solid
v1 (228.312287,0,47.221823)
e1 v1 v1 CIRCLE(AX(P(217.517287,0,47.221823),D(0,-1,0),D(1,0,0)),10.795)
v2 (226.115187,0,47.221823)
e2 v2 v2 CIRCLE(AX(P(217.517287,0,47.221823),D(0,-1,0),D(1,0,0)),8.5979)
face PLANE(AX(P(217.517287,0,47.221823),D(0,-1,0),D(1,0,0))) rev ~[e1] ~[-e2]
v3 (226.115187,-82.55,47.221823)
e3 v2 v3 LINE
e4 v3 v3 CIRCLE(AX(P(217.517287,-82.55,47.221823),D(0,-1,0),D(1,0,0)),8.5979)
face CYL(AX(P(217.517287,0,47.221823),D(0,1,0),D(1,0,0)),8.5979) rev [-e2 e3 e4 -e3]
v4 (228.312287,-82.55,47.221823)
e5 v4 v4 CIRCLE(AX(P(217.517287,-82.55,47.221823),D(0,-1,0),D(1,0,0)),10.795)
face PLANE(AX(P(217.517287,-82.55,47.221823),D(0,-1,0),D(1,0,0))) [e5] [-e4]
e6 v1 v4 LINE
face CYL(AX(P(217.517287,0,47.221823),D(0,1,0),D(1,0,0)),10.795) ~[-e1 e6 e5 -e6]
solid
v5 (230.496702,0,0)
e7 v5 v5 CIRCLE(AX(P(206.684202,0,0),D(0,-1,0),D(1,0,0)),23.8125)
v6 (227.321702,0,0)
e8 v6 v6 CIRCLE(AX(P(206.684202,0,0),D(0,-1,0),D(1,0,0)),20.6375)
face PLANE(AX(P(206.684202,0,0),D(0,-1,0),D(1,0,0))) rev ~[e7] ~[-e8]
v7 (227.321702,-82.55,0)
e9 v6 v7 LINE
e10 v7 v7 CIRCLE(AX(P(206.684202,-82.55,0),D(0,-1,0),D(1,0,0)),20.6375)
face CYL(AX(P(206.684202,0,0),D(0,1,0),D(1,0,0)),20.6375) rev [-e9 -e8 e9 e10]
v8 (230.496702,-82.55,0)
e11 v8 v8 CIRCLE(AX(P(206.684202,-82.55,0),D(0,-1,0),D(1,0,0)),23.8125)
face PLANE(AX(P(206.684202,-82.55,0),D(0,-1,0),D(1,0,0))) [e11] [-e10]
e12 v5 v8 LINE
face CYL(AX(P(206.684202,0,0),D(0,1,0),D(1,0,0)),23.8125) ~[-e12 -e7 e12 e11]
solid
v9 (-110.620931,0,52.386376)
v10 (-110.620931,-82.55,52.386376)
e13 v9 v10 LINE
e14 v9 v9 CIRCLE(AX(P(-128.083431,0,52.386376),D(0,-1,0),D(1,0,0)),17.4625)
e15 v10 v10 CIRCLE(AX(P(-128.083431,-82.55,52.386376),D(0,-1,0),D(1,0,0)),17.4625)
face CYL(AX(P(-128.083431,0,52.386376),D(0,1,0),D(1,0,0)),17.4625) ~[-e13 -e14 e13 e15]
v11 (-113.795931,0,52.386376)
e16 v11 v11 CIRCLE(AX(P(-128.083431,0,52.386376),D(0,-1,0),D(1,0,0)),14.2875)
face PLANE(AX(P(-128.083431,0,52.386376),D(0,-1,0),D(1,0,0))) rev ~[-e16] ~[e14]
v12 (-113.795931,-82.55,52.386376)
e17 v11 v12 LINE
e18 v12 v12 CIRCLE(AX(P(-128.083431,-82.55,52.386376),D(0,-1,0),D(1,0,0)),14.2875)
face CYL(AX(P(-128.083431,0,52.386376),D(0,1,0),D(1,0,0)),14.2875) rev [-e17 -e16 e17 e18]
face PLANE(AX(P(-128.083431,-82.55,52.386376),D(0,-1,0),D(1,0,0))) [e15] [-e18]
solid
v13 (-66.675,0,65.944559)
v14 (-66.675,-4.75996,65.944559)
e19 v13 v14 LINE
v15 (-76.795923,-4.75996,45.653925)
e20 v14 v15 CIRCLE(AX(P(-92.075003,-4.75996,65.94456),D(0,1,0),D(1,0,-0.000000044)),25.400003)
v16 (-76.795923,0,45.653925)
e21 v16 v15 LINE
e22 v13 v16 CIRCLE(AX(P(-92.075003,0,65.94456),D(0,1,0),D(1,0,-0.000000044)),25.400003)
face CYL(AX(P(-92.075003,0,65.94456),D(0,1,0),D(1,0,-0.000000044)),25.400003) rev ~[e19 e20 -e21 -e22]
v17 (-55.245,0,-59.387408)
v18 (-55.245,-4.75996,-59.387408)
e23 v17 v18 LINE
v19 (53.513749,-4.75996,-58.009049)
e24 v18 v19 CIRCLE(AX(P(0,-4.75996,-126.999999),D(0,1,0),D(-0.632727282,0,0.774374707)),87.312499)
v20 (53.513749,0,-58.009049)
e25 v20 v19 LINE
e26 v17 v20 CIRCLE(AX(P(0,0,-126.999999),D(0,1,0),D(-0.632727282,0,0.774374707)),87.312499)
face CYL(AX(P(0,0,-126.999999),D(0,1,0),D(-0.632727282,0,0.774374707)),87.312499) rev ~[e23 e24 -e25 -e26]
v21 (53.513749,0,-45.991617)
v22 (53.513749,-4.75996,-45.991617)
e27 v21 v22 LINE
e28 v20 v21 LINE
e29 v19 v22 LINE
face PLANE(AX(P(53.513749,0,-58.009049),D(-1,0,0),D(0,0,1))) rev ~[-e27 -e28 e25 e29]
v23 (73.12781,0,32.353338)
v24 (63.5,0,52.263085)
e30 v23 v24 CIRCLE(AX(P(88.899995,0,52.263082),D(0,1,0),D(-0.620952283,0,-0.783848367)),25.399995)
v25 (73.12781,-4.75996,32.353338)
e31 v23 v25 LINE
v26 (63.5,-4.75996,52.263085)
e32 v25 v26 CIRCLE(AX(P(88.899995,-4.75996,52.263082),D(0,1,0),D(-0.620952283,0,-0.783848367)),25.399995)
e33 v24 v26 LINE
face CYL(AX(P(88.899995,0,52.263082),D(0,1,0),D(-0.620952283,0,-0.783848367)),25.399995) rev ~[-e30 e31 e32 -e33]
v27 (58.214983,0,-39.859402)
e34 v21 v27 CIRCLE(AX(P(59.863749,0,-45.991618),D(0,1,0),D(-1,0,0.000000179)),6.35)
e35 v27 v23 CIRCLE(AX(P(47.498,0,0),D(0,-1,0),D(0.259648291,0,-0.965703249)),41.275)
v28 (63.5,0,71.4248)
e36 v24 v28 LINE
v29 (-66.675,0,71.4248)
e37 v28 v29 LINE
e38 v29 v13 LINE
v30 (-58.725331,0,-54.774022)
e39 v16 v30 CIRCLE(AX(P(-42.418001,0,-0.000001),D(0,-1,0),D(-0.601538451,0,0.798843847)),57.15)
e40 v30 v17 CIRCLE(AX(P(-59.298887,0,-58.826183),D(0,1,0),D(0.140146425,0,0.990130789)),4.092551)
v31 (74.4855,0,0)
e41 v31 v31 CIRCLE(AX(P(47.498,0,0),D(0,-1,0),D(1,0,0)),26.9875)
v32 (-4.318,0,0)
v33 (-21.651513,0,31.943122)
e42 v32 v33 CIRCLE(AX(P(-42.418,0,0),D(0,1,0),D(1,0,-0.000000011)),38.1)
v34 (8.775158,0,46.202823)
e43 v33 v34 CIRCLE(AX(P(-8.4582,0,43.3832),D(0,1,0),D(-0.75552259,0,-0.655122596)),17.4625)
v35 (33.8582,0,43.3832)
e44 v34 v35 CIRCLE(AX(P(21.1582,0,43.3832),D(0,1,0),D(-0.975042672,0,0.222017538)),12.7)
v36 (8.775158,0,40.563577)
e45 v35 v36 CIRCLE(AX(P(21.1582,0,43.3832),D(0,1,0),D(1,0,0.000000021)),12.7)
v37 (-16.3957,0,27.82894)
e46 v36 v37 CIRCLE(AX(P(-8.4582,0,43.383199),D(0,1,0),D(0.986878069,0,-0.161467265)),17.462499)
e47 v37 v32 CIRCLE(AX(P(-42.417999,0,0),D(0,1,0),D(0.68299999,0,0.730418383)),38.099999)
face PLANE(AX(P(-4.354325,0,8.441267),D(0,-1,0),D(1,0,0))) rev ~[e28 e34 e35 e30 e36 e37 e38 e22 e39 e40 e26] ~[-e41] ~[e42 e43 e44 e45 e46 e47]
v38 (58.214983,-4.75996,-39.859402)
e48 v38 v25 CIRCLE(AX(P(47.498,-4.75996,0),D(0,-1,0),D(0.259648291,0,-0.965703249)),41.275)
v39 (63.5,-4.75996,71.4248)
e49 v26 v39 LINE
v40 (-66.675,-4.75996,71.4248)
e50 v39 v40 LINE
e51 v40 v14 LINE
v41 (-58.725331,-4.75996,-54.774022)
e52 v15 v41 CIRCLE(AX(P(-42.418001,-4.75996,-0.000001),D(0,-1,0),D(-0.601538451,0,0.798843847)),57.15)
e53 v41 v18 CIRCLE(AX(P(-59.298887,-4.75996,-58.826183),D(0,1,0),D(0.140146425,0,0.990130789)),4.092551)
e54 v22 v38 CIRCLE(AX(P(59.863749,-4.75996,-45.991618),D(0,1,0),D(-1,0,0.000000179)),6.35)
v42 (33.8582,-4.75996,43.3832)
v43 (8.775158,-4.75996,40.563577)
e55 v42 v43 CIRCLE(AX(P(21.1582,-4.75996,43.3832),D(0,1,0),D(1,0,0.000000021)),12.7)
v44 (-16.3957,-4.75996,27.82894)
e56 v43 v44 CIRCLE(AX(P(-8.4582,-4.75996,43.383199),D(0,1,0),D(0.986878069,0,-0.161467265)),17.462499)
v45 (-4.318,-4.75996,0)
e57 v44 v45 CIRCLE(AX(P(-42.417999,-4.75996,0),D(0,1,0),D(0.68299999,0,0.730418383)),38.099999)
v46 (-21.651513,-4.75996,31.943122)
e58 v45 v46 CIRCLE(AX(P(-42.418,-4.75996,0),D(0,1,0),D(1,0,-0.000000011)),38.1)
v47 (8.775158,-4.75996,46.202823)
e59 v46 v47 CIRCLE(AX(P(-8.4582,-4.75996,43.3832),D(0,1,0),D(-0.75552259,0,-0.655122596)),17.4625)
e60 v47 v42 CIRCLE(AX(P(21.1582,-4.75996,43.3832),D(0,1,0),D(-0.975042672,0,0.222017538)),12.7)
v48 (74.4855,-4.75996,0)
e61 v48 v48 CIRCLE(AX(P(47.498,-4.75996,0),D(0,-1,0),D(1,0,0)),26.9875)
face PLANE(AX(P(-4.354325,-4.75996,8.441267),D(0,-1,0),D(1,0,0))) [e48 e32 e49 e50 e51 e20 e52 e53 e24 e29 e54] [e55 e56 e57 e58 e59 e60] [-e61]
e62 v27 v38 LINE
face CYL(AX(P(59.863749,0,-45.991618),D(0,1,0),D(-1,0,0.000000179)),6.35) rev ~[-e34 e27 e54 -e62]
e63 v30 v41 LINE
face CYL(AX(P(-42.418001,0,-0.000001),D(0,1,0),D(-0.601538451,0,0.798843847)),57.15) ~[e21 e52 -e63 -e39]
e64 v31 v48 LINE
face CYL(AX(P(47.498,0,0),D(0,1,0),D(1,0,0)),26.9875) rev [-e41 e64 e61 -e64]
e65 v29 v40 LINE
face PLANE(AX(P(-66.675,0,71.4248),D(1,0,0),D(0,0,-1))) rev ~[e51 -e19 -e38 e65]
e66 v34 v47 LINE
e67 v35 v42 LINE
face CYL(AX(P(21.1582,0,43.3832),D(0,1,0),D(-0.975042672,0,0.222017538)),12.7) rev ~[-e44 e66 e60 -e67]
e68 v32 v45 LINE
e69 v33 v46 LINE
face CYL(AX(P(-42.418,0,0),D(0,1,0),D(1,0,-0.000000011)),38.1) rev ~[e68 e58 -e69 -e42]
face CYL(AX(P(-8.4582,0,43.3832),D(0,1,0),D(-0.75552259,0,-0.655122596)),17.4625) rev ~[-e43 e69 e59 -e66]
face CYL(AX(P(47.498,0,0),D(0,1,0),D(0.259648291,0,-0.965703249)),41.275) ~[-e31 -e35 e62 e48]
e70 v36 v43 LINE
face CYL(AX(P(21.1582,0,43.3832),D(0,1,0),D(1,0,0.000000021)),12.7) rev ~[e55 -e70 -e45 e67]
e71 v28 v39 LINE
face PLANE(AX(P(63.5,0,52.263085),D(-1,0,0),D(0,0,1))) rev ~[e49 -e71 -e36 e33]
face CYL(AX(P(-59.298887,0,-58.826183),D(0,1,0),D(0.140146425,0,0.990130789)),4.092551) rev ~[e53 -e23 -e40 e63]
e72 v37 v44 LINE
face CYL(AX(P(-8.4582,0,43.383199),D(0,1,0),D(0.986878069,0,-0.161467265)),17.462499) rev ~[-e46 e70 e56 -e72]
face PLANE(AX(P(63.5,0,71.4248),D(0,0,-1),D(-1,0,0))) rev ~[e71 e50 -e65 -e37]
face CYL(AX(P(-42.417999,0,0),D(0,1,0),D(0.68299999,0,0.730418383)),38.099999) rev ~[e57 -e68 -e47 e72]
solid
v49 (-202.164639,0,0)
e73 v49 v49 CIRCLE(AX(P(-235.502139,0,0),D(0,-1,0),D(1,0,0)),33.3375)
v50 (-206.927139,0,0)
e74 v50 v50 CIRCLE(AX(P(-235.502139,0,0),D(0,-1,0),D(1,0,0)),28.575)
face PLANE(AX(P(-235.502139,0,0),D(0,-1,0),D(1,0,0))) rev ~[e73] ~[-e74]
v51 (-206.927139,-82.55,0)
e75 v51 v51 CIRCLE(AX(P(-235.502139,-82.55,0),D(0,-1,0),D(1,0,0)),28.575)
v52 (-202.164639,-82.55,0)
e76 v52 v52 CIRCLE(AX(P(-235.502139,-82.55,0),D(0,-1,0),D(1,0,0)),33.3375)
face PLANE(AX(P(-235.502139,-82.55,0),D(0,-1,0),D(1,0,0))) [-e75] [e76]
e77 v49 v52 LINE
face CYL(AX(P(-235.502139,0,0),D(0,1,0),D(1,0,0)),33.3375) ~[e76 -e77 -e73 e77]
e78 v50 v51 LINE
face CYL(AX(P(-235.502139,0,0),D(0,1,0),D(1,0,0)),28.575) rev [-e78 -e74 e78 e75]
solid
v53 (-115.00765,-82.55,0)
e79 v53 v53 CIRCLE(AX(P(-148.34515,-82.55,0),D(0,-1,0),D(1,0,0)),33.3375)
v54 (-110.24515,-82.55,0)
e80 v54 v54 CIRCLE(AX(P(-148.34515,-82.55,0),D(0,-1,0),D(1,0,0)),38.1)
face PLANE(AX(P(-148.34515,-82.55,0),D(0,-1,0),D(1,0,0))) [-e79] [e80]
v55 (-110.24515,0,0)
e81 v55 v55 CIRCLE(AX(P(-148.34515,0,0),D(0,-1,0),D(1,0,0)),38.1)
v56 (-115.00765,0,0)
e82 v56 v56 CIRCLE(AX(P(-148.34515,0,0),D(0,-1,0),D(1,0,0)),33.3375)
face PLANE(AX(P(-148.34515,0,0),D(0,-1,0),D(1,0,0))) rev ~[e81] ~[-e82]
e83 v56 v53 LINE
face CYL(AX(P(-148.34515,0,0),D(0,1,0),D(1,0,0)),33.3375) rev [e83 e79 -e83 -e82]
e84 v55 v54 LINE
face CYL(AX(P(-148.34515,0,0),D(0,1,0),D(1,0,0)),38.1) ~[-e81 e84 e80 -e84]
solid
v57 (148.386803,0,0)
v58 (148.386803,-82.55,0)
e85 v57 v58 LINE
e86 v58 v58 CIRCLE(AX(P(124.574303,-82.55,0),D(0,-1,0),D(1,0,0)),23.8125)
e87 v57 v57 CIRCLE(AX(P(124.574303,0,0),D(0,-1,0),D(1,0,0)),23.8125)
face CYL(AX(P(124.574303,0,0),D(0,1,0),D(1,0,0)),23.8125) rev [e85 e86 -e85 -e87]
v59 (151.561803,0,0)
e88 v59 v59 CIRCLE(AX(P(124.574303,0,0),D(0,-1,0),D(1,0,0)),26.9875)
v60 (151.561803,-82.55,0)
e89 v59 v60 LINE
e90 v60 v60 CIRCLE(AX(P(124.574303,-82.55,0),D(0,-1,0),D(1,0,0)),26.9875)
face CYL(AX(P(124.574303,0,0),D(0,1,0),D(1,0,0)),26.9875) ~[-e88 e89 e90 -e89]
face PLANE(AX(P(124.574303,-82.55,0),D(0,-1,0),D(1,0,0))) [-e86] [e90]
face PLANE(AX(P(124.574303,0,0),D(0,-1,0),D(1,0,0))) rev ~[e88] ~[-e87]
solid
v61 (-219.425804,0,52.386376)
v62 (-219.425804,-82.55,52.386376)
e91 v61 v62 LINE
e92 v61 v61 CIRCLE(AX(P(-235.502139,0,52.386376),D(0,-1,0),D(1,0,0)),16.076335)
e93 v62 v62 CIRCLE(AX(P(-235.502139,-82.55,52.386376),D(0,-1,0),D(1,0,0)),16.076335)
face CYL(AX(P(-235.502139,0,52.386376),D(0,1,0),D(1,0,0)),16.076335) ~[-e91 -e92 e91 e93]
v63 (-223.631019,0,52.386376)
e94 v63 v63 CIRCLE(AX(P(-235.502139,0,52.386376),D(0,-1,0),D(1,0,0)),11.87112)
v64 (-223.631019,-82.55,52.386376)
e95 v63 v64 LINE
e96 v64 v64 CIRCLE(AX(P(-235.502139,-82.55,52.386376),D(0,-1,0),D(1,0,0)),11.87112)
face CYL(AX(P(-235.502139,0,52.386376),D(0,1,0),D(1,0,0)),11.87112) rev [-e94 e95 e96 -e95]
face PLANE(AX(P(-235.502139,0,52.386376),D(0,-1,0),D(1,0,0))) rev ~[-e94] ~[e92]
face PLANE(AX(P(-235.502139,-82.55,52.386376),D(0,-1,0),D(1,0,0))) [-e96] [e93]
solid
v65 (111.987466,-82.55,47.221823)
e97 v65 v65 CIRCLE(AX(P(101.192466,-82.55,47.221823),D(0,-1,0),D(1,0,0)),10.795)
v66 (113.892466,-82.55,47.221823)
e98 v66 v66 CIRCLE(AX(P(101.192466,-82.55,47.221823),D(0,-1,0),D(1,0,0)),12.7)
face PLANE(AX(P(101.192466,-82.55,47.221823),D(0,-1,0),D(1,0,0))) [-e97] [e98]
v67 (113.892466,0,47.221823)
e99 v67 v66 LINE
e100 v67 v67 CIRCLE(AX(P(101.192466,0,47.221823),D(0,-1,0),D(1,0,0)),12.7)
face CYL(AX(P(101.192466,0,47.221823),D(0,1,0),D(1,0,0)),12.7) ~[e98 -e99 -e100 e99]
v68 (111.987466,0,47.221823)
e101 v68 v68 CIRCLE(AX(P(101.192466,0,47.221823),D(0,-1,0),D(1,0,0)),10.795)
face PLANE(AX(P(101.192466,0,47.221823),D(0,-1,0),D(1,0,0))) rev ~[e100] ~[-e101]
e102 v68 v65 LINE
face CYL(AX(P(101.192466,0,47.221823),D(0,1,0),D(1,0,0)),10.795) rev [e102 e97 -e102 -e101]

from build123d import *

# Parameters (mm, degrees)
F0_R     = 26.9875
F1_DEPTH = 4.75996
F2_R     = 16.076335
F2_R_2   = 11.87112
F2_R_3   = 33.3375
F2_R_4   = 28.575
F2_R_5   = 38.1
F2_R_6   = 17.4625
F2_R_7   = 14.2875
F2_R_8   = 12.7
F2_R_9   = 10.795
F2_R_10  = 26.9875
F2_R_11  = 23.8125
F2_R_12  = 20.6375
F2_R_13  = 8.5979
F3_DEPTH = 82.55


with BuildPart() as f1:
    # F0 (on Front) → F1 (new body)
    with BuildSketch(Plane.XZ):
        with BuildLine():
            ThreePointArc((-66.675, 65.944559), (-69.34563, 54.607199), (-76.795923, 45.653925))
            ThreePointArc((-76.795923, 45.653925), (-98.664706, -10.120801), (-58.725331, -54.774022))
            ThreePointArc((-58.725331, -54.774022), (-56.031757, -56.361465), (-55.245, -59.387408))
            ThreePointArc((-55.245, -59.387408), (-1.10647, -39.694511), (53.513749, -58.009049))
            Line((53.513749, -58.009049), (53.513749, -54.965318))
            Line((53.513749, -54.965318), (53.513749, -45.991617))
            ThreePointArc((53.513749, -45.991617), (54.824297, -42.128145), (58.214983, -39.859402))
            ThreePointArc((58.214983, -39.859402), (87.920052, -8.347655), (73.12781, 32.353338))
            ThreePointArc((73.12781, 32.353338), (66.033281, 41.205364), (63.5, 52.263085))
            Line((63.5, 52.263085), (63.5, 71.4248))
            Line((63.5, 71.4248), (63.030586, 71.4248))
            Line((63.030586, 71.4248), (-66.675, 71.4248))
            Line((-66.675, 71.4248), (-66.675, 65.944559))
        make_face()
        with Locations((47.498, 0)):
            Circle(F0_R, mode=Mode.SUBTRACT)
        with BuildLine():
            ThreePointArc((-16.3957, 27.82894), (-7.467609, 15.168394), (-4.318, 0))
            ThreePointArc((-4.318, 0), (-75.905409, -18.1715), (-21.651513, 31.943122))
            ThreePointArc((-21.651513, 31.943122), (-15.868683, 59.195336), (8.775158, 46.202823))
            ThreePointArc((8.775158, 46.202823), (22.576891, 56.003712), (33.8582, 43.3832))
            ThreePointArc((33.8582, 43.3832), (22.576891, 30.762688), (8.775158, 40.563577))
            ThreePointArc((8.775158, 40.563577), (-0.574927, 27.801386), (-16.3957, 27.82894))
        make_face(mode=Mode.SUBTRACT)
    extrude(amount=F1_DEPTH)


with BuildPart() as f3:
    # F2 (on Front) → F3 (new body)
    with BuildSketch(Plane.XZ):
        with Locations((-235.502139, 52.386376)):
            Circle(F2_R)
        with Locations((-235.502139, 52.386376)):
            Circle(F2_R_2, mode=Mode.SUBTRACT)
        with Locations((-235.502139, 0)):
            Circle(F2_R_3)
        with Locations((-235.502139, 0)):
            Circle(F2_R_4, mode=Mode.SUBTRACT)
        with Locations((-148.34515, 0)):
            Circle(F2_R_5)
        with Locations((-148.34515, 0)):
            Circle(F2_R_3, mode=Mode.SUBTRACT)
        with Locations((-128.083431, 52.386376)):
            Circle(F2_R_6)
        with Locations((-128.083431, 52.386376)):
            Circle(F2_R_7, mode=Mode.SUBTRACT)
        with Locations((101.192466, 47.221823)):
            Circle(F2_R_8)
        with Locations((101.192466, 47.221823)):
            Circle(F2_R_9, mode=Mode.SUBTRACT)
        with Locations((124.574303, 0)):
            Circle(F2_R_10)
        with Locations((124.574303, 0)):
            Circle(F2_R_11, mode=Mode.SUBTRACT)
        with Locations((206.684202, 0)):
            Circle(F2_R_11)
        with Locations((206.684202, 0)):
            Circle(F2_R_12, mode=Mode.SUBTRACT)
        with Locations((217.517287, 47.221823)):
            Circle(F2_R_9)
        with Locations((217.517287, 47.221823)):
            Circle(F2_R_13, mode=Mode.SUBTRACT)
    extrude(amount=F3_DEPTH)


solid = Compound([f1.part, f3.part])
